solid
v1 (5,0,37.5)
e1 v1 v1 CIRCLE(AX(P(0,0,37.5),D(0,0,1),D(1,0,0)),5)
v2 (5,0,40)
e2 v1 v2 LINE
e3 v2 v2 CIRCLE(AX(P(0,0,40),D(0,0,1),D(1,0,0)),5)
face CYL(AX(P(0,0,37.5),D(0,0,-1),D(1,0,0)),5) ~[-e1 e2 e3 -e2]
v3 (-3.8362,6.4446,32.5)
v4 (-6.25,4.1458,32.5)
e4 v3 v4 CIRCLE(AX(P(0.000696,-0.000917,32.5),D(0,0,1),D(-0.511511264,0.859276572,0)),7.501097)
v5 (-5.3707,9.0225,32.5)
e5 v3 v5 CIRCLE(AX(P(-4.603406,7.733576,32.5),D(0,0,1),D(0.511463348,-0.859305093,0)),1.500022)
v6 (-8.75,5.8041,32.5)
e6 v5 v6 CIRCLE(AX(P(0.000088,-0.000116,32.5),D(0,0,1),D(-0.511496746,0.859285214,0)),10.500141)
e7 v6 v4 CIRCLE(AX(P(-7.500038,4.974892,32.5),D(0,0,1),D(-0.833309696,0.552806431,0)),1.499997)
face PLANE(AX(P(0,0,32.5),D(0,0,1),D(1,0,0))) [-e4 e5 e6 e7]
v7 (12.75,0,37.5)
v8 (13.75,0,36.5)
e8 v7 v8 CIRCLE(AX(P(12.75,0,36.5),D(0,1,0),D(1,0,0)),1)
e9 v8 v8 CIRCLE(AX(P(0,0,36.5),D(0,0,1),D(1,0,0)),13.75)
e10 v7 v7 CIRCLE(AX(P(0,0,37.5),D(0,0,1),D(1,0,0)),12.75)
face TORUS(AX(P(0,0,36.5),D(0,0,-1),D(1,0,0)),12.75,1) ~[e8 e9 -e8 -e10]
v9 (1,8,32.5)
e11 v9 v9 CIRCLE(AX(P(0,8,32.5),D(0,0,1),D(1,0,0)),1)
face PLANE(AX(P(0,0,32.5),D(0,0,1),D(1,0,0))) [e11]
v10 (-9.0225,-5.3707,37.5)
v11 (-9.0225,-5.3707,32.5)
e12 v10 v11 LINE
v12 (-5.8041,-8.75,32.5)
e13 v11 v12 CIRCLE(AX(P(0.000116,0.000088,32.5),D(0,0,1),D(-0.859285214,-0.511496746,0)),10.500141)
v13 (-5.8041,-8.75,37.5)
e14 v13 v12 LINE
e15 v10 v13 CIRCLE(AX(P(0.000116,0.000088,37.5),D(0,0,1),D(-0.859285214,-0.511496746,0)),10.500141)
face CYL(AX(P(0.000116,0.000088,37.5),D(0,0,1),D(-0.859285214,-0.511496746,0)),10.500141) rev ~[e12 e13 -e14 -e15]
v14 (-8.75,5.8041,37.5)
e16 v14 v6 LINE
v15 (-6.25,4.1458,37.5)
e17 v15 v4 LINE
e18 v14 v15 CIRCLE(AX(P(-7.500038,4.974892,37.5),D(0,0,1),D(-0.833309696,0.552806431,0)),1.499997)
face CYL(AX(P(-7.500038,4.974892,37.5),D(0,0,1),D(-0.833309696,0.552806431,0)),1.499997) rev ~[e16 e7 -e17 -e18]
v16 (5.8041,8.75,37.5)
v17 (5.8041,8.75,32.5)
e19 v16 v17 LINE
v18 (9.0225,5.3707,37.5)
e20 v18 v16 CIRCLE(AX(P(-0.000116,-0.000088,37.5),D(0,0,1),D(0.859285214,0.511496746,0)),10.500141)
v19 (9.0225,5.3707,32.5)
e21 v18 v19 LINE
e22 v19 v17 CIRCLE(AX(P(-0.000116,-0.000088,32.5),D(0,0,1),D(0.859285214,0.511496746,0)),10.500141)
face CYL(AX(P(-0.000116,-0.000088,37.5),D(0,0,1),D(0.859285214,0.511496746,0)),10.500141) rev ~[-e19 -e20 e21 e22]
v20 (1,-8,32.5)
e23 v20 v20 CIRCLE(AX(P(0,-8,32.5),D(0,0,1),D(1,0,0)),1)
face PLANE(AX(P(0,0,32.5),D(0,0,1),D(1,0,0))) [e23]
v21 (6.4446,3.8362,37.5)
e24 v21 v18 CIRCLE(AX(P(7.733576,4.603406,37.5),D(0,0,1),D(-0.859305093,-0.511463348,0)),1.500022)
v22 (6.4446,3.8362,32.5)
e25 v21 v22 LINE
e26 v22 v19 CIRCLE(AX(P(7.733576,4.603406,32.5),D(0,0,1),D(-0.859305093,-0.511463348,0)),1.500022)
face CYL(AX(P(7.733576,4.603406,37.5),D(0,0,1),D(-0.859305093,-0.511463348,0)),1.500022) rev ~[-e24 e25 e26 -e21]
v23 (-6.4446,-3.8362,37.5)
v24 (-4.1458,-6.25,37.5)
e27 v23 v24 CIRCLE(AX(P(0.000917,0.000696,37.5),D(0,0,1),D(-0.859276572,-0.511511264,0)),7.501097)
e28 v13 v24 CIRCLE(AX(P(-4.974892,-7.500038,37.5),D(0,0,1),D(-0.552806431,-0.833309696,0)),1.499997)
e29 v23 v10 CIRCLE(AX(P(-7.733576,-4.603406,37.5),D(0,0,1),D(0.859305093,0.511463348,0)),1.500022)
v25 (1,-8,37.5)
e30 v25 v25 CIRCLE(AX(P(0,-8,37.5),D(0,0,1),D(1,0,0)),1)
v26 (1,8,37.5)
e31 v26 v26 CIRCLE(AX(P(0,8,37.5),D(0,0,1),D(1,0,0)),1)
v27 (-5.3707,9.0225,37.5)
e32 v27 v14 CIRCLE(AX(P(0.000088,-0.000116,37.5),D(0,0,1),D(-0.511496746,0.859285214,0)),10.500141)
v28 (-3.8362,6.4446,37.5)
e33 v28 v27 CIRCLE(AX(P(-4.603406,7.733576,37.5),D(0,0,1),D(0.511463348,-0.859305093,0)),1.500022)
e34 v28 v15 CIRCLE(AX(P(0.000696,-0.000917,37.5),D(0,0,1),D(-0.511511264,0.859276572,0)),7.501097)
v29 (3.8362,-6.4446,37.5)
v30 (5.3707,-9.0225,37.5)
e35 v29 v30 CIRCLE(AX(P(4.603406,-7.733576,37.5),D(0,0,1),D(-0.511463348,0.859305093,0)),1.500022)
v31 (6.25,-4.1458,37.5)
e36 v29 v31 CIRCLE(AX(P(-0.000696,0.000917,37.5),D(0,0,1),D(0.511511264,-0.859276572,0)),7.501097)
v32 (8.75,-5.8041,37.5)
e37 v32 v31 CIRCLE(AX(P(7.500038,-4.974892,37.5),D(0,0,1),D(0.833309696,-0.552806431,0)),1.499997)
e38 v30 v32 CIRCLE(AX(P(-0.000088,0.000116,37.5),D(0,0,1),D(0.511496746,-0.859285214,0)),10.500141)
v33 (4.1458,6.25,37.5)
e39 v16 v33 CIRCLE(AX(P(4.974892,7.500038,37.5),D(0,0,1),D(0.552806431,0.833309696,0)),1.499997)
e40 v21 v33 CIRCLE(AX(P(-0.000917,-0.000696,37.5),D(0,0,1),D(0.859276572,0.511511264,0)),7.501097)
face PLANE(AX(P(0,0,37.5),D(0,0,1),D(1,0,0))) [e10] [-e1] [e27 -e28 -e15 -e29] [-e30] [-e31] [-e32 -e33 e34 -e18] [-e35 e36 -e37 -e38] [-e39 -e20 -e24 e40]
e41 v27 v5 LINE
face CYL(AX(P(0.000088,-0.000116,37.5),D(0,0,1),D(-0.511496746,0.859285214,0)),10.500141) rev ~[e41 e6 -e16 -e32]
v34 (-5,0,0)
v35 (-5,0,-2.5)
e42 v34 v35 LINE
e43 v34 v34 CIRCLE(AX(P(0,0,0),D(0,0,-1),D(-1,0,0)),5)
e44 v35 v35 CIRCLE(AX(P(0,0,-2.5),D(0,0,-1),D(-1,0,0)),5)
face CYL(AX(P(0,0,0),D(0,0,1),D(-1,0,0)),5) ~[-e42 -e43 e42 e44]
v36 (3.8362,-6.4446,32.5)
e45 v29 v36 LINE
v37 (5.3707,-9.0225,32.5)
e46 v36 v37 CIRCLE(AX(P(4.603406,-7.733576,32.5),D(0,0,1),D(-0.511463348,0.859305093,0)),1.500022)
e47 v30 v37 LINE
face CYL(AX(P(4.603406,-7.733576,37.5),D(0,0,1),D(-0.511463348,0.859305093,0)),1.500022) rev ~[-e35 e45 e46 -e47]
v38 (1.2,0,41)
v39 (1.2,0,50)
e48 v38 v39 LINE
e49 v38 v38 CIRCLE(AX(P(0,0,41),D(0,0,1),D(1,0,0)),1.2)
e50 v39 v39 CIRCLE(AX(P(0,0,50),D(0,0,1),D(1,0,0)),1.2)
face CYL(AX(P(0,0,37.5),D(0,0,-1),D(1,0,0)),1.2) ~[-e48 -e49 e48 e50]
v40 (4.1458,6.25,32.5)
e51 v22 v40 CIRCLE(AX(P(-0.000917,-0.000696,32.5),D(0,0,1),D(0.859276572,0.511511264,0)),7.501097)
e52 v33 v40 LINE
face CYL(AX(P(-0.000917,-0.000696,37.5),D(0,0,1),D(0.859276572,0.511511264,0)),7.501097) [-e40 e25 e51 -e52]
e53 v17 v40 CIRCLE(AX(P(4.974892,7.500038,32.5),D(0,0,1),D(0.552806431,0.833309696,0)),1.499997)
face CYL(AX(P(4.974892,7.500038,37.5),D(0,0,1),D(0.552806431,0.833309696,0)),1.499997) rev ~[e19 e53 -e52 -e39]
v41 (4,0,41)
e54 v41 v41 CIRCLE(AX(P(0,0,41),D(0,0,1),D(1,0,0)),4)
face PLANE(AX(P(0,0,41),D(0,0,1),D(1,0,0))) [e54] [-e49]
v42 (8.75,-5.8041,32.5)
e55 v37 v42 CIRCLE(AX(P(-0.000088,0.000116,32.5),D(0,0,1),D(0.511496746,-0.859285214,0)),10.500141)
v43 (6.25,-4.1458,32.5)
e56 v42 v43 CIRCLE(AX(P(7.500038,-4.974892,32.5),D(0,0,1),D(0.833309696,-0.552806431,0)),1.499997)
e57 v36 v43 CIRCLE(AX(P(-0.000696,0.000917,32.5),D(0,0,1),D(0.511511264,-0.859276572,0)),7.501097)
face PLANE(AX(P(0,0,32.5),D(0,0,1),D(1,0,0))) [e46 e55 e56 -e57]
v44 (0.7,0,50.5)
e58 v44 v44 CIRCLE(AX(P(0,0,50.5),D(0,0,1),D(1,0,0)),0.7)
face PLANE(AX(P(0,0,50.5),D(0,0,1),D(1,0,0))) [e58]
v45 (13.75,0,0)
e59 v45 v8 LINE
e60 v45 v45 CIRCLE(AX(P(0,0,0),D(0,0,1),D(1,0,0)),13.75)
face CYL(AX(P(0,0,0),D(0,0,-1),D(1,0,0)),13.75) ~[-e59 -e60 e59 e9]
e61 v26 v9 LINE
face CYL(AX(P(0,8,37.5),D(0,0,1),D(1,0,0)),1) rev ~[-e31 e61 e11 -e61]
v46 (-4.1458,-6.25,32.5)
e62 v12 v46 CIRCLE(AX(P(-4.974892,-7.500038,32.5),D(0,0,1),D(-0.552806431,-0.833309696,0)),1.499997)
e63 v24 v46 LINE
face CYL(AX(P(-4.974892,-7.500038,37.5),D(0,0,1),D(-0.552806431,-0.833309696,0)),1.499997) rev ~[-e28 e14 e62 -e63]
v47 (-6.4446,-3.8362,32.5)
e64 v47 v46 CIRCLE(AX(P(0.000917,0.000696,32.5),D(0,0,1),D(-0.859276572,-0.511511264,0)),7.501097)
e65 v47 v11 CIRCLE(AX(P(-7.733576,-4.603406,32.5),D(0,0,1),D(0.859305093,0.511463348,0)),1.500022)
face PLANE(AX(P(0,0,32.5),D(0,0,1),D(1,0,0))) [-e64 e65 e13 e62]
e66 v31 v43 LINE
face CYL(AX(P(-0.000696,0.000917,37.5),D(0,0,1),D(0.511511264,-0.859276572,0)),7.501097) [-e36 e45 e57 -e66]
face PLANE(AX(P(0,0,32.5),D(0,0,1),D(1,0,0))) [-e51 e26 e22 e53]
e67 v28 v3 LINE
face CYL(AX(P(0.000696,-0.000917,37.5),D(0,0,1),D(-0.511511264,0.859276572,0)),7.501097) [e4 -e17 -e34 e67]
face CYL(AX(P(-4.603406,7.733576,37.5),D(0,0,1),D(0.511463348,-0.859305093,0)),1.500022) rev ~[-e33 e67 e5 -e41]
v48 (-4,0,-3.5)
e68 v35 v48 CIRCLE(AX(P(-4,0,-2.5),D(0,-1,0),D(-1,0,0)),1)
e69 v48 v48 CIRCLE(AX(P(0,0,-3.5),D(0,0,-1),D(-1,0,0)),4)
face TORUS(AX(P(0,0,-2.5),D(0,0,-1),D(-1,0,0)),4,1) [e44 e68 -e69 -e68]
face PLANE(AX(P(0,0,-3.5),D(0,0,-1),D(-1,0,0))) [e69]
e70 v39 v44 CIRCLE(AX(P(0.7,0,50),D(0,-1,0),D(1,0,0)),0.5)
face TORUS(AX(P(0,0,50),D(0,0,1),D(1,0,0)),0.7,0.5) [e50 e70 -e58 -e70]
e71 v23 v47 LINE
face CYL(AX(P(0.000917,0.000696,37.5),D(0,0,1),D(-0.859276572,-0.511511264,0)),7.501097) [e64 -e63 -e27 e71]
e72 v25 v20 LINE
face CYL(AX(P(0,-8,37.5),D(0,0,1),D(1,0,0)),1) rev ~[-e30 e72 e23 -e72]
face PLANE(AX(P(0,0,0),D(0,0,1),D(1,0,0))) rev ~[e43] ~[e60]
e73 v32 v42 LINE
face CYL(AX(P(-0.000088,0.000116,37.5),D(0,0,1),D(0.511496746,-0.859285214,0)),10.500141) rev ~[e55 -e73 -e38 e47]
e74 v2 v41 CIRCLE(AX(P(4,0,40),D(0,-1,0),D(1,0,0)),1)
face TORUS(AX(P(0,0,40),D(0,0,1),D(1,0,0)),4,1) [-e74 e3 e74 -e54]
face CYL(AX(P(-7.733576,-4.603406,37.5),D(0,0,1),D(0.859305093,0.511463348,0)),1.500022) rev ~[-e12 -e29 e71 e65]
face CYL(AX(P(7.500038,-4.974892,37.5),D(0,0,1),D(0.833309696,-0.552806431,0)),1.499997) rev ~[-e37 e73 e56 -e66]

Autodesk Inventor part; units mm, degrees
ref_plane "YZ Plane" through (0, 0, 0) normal (1, 0, 0) x (0, 1, 0)
ref_plane "XZ Plane" through (0, 0, 0) normal (0, 1, 0) x (-1, 0, 0)
ref_plane "XY Plane" through (0, 0, 0) normal (0, 0, 1) x (1, 0, 0)
sketch "Esquisse1" plane through (0, 0, 0) normal (0, 0, 1) x (1, 0, 0)
  circle A0 centre (0, 0) radius 13.75
  dimension "d0" = 27.5
extrude "Extrusion1" add sketch "Esquisse1" along normal blind 37.5
sketch "Esquisse2" plane through (0, 0, 0) normal (0, 0, -1) x (-1, 0, 0)
  circle A0 centre (0, 0) radius 5
  dimension "d3" = 10
extrude "Extrusion2" add sketch "Esquisse2" along normal blind 3.5
sketch "Esquisse3" plane through (0, 0, 37.5) normal (0, 0, 1) x (1, 0, 0)
  circle A0 centre (0, 0) radius 1.2
  dimension "d6" = 2.4
extrude "Extrusion3" add sketch "Esquisse3" along normal blind 13
sketch "Esquisse4" plane through (0, 0, 37.5) normal (0, 0, 1) x (1, 0, 0)
  circle A0 centre (0, 0) radius 1.2 projected
  circle A1 centre (0, 0) radius 5
  dimension "d9" = 10
extrude "Extrusion4" add sketch "Esquisse4" along normal blind 3.5
fillet "Congé1" radius 1 2 edges at (-5, 0, 41) (5, 0, -3.5)
fillet "Congé2" radius 1 1 edges at (-13.75, 0, 37.5)
fillet "Congé3" radius 0.5 1 edges at (-1.2, 0, 50.5)
sketch "Esquisse5" plane through (0, 0, 37.5) normal (0, 0, 1) x (1, 0, 0)
  circle A0 centre (0, 8) radius 1
  arc A1 (7.7336, 4.6035) -> (4.9749, 7.5) centre (0, 0) ccw construction
  arc A2 (9.0225, 5.3707) -> (5.8041, 8.75) centre (0, 0) ccw
  arc A3 (6.4446, 3.8362) -> (4.1458, 6.25) centre (0, 0) ccw
  arc A4 (6.4446, 3.8362) -> (9.0225, 5.3707) centre (7.7336, 4.6035) ccw
  arc A5 (5.8041, 8.75) -> (4.1458, 6.25) centre (4.9749, 7.5) ccw
  line L0 (0, 0) -> (0, 21.7918) construction
  circle A6 centre (0, -8) radius 1
  arc A7 (8.75, -5.8041) -> (6.25, -4.1458) centre (7.5, -4.9749) ccw
  arc A8 (5.3707, -9.0225) -> (8.75, -5.8041) centre (0, 0) ccw
  arc A9 (3.8362, -6.4446) -> (5.3707, -9.0225) centre (4.6035, -7.7336) ccw
  arc A10 (3.8362, -6.4446) -> (6.25, -4.1458) centre (0, 0) ccw
  arc A11 (-5.8041, -8.75) -> (-4.1458, -6.25) centre (-4.9749, -7.5) ccw
  arc A12 (-9.0225, -5.3707) -> (-5.8041, -8.75) centre (0, 0) ccw
  arc A13 (-6.4446, -3.8362) -> (-9.0225, -5.3707) centre (-7.7336, -4.6035) ccw
  arc A14 (-6.4446, -3.8362) -> (-4.1458, -6.25) centre (0, 0) ccw
  arc A15 (-8.75, 5.8041) -> (-6.25, 4.1458) centre (-7.5, 4.9749) ccw
  arc A16 (-5.3707, 9.0225) -> (-8.75, 5.8041) centre (0, 0) ccw
  arc A17 (-3.8362, 6.4446) -> (-5.3707, 9.0225) centre (-4.6035, 7.7336) ccw
  arc A18 (-3.8362, 6.4446) -> (-6.25, 4.1458) centre (0, 0) ccw
  dimension "d15" = 2
  dimension "d16" = 3
  dimension "d17" = 8
  dimension "d19" = 7
  dimension "d21" = 5
  dimension "d22" = 9
  dimension "d25" = 360
  dimension "d29" = 360
extrude "Extrusion5" cut sketch "Esquisse5" against normal blind 5
properties part number "Moteur" material "Acier inoxydable"
